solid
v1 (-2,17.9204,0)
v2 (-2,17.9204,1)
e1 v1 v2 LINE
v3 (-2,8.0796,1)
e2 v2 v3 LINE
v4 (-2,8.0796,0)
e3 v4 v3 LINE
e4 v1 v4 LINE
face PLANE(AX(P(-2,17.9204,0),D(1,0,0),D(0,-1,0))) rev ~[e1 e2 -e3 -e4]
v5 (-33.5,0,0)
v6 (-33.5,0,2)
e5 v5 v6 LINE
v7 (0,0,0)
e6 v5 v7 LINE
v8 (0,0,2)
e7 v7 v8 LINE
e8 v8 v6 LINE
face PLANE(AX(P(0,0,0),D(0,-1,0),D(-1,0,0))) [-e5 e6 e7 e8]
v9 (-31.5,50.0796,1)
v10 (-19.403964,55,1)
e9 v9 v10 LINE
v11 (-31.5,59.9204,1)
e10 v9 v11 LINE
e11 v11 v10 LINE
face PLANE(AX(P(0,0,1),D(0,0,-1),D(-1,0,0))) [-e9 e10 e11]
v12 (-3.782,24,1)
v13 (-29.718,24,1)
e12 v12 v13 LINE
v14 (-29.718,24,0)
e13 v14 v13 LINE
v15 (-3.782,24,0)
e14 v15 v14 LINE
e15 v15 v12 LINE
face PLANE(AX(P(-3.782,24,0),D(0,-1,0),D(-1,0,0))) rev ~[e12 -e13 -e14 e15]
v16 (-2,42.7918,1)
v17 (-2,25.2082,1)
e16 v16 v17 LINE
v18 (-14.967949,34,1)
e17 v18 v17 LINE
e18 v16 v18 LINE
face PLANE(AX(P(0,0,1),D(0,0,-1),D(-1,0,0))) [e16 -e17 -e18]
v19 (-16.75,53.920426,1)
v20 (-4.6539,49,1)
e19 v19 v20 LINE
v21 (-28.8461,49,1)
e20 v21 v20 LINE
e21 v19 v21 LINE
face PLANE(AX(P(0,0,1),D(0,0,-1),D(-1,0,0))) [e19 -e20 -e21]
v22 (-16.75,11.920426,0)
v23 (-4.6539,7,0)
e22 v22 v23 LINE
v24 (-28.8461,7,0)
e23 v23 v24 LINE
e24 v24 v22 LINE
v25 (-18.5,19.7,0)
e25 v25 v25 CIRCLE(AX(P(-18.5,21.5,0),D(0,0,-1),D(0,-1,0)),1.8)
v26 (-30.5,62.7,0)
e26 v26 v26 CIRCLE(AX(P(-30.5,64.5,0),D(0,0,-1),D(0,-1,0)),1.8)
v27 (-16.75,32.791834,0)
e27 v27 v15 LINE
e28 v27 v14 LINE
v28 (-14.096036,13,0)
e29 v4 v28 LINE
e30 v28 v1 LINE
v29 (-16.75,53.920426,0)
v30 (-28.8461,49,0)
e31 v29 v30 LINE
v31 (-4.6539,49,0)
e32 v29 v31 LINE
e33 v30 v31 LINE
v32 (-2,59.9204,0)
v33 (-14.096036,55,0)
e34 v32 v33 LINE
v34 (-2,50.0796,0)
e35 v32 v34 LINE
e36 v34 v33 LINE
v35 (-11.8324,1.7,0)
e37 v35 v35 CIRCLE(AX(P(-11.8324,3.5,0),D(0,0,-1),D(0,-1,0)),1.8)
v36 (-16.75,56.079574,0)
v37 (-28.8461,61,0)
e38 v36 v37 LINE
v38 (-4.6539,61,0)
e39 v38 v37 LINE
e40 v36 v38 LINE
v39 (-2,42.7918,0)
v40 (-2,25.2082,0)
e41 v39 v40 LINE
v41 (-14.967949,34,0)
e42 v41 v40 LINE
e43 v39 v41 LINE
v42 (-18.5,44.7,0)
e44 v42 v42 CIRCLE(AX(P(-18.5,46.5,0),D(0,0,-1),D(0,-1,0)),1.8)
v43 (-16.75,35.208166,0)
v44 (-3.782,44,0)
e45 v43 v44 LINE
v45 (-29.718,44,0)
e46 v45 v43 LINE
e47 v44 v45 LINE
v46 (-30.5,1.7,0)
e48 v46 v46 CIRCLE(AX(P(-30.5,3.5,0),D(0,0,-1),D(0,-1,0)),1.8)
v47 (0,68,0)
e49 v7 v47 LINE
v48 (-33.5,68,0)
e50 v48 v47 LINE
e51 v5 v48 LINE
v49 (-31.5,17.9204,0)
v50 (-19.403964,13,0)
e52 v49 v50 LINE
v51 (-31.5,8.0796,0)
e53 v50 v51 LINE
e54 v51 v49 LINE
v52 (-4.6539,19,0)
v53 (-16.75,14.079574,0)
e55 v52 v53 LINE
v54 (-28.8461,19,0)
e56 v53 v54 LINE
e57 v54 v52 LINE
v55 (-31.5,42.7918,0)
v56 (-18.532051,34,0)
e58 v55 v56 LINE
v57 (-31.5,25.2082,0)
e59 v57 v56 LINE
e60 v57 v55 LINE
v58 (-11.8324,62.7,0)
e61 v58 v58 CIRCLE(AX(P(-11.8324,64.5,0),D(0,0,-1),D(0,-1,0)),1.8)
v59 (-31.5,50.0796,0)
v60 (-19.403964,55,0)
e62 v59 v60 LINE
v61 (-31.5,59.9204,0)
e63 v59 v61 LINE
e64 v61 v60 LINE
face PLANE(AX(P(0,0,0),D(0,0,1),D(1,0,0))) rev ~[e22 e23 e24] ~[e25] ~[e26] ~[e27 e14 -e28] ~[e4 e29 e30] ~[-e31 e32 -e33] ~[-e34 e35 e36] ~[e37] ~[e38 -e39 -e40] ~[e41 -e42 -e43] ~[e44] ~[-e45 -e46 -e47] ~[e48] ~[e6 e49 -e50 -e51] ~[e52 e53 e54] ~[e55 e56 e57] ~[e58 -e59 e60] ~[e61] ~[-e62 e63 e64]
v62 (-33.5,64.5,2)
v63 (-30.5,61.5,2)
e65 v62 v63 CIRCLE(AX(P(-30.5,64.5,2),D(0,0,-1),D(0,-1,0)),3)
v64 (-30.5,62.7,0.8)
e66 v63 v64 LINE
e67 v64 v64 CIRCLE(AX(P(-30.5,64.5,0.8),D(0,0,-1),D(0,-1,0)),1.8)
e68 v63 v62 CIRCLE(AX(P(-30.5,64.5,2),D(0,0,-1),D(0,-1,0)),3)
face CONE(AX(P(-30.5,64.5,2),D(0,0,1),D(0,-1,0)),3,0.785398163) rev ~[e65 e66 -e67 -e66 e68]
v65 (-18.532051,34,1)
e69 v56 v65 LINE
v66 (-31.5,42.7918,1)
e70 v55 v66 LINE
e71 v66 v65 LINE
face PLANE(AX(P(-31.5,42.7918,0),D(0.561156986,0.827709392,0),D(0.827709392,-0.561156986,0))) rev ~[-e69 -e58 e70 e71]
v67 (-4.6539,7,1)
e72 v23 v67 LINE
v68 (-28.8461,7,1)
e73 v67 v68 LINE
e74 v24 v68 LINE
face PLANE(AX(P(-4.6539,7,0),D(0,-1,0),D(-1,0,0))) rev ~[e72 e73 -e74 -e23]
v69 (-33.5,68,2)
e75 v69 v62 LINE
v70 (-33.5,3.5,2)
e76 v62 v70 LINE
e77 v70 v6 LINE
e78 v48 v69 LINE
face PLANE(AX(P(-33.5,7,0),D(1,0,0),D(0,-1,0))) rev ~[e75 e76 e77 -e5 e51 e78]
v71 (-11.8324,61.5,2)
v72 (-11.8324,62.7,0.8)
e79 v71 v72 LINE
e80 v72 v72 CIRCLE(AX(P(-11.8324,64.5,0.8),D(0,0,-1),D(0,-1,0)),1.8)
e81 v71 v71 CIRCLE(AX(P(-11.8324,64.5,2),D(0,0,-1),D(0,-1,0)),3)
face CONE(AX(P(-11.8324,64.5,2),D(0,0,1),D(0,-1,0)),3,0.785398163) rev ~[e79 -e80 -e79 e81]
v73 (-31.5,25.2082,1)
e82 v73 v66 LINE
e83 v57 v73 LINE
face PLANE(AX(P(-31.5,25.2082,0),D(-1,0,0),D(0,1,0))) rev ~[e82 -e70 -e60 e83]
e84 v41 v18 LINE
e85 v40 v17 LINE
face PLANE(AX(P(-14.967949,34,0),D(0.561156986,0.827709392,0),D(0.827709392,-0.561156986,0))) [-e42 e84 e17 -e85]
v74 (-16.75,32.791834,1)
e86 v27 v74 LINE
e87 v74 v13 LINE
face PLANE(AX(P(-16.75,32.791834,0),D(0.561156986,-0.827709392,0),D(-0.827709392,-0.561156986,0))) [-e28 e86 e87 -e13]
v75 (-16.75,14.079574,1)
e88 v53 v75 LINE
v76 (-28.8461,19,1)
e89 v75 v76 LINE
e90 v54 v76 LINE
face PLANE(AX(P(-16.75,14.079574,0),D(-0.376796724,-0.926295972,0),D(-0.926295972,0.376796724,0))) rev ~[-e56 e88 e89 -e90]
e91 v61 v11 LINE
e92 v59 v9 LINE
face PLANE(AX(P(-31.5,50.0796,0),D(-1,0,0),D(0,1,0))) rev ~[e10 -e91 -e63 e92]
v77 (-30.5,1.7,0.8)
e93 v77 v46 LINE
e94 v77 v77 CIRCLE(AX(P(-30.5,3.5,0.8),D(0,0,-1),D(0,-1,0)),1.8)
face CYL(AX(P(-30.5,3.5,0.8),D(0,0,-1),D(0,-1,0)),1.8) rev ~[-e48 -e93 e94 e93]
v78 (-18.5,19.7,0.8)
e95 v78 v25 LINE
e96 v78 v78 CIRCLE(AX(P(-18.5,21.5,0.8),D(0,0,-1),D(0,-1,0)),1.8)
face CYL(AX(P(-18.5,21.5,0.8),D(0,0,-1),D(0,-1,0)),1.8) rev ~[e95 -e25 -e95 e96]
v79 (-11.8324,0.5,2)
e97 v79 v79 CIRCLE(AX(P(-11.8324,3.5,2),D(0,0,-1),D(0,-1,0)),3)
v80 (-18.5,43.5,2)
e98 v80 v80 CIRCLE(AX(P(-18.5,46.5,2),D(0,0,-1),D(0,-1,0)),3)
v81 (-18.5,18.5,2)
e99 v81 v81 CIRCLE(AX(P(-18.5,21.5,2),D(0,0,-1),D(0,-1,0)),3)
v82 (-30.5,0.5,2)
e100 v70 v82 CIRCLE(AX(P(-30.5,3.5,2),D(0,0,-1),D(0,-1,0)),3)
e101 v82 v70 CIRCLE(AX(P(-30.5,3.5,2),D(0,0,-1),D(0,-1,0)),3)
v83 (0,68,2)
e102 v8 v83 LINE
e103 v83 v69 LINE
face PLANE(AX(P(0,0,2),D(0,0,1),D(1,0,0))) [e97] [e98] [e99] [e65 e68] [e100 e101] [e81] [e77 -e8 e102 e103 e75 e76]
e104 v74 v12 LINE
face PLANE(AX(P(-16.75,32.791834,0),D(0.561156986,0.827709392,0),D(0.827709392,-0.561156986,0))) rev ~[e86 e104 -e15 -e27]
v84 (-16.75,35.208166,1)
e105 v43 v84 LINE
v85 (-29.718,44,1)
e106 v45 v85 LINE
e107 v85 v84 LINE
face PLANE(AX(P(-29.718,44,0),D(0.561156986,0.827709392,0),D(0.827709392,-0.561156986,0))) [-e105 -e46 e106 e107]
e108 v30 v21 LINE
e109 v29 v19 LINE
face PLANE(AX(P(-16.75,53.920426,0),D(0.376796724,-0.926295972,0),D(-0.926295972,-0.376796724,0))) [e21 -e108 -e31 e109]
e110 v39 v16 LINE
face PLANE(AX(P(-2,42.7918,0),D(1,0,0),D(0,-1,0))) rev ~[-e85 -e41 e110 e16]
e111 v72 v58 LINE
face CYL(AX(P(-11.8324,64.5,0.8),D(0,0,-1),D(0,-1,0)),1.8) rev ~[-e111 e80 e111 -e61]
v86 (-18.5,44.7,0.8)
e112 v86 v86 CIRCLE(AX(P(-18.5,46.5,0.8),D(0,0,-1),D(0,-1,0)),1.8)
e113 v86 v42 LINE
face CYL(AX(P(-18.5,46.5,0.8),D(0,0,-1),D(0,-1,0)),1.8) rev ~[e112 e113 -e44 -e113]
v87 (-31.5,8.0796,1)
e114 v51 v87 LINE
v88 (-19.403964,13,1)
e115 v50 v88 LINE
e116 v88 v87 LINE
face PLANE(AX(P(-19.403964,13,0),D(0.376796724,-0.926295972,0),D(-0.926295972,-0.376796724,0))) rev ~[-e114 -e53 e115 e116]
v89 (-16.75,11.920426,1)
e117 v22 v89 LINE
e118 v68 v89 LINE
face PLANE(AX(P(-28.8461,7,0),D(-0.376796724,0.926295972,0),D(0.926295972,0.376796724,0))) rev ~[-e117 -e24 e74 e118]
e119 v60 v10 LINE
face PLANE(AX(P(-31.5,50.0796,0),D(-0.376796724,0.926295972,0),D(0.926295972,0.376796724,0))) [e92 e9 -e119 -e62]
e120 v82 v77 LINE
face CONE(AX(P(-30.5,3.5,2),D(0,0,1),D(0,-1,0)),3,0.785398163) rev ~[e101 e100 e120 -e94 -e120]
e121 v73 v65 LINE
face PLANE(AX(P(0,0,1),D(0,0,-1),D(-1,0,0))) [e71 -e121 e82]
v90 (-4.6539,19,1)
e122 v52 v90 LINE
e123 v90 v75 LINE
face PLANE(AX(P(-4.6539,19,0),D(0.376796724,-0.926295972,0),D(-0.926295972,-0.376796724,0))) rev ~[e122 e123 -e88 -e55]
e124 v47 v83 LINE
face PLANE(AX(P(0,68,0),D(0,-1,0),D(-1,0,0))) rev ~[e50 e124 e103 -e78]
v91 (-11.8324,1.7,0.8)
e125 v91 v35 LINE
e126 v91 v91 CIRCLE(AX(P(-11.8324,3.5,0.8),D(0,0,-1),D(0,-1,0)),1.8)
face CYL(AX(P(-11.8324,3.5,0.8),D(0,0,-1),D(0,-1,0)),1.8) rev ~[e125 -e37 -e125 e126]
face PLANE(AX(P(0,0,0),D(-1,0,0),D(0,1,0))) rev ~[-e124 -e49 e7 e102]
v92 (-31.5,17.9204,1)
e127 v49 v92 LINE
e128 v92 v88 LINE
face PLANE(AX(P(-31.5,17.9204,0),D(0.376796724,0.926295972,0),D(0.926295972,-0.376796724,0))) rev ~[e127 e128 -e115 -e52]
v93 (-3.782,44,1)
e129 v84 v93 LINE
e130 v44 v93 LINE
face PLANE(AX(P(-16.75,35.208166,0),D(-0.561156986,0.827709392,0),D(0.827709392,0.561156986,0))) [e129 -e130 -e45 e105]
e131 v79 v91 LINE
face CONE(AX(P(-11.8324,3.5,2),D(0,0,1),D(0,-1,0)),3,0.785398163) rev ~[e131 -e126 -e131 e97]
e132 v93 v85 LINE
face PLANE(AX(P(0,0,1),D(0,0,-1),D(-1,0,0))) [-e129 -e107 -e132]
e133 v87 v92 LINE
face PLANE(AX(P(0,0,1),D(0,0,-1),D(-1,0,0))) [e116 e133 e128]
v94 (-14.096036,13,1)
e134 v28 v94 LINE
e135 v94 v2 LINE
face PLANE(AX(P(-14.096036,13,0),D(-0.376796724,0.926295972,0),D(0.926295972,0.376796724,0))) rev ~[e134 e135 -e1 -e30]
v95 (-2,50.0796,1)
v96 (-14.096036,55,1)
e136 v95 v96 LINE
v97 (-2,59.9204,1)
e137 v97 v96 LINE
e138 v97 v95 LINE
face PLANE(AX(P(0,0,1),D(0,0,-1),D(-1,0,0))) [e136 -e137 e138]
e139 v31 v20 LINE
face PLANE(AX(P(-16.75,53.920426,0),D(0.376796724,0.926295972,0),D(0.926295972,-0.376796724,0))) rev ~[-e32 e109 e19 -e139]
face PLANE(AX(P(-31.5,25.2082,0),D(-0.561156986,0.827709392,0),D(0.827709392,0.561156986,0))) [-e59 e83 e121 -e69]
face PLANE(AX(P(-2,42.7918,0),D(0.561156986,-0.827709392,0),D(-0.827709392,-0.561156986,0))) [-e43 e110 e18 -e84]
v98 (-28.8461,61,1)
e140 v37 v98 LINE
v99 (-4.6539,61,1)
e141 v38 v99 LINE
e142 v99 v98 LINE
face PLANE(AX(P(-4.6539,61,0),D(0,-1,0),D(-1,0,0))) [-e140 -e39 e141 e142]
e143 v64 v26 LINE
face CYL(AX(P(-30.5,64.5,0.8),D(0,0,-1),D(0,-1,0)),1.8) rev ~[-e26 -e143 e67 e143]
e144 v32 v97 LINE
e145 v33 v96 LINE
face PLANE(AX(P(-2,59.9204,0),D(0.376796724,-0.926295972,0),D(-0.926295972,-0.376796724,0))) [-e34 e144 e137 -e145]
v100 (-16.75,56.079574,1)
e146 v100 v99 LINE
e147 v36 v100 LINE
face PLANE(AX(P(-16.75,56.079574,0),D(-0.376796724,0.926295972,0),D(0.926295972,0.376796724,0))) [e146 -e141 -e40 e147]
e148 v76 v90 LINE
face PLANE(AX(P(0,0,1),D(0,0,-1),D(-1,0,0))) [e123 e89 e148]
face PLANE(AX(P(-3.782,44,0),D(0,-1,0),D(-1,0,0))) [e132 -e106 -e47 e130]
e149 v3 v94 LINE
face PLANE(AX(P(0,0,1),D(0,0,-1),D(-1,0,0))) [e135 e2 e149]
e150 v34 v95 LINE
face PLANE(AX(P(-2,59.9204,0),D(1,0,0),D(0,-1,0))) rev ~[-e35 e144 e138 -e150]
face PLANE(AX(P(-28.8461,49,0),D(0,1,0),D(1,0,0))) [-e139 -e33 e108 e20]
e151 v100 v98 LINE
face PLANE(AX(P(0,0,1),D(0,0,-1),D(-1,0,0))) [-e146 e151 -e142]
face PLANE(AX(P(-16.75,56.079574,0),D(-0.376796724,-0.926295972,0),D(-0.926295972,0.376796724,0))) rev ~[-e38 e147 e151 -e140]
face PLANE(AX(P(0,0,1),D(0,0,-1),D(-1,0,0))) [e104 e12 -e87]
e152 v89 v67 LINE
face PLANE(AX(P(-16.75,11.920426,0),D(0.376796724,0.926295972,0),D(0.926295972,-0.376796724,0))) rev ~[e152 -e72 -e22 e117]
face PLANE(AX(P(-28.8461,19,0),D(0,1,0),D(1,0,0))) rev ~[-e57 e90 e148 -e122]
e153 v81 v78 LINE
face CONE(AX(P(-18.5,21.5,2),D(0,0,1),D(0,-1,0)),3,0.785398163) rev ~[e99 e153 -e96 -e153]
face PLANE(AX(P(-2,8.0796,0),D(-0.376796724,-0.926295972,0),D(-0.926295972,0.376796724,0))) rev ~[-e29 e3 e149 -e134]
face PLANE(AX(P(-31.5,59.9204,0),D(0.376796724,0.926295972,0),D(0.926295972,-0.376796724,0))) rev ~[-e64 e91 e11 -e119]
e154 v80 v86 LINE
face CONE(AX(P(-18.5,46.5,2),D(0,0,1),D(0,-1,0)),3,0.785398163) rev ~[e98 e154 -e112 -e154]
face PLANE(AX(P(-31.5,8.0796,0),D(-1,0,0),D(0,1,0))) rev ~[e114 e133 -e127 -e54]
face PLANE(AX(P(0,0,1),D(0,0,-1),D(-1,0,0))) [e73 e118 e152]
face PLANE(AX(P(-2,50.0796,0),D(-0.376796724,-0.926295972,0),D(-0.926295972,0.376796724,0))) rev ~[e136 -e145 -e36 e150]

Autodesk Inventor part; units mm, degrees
ref_plane "YZ Plane" through (0, 0, 0) normal (1, 0, 0) x (0, 1, 0)
ref_plane "XZ Plane" through (0, 0, 0) normal (0, 1, 0) x (-1, 0, 0)
ref_plane "Work Plane1" through (0, 0, 0) normal (0, 0, 1) x (1, 0, 0)
sketch "Sketch1" plane through (0, 0, 0) normal (0, 0, 1) x (1, 0, 0)
  line L0 (0, 0) -> (0, 68) projected
  line L1 (-3.5, 0) -> (-3.5, 68) projected
  line L2 (0, 0) -> (-3.5, 0) projected
  line L3 (-3.5, 7) -> (-3.5, 0) projected
  line L4 (-3.5, 7) -> (-33.5, 7) projected
  line L5 (-33.5, 7) -> (-33.5, 0) projected
  line L6 (-6.5, 0) -> (-33.5, 0) projected
  line L7 (-3.5, 0) -> (-6.5, 0) projected
  line L8 (-33.5, 19) -> (-33.5, 24) projected
  line L9 (-33.5, 19) -> (-3.5, 19) projected
  line L10 (-3.5, 19) -> (-3.5, 24) projected
  line L11 (-3.5, 24) -> (-33.5, 24) projected
  line L12 (-33.5, 49) -> (-33.5, 44) projected
  line L13 (-3.5, 44) -> (-33.5, 44) projected
  line L14 (-3.5, 49) -> (-3.5, 44) projected
  line L15 (-33.5, 49) -> (-3.5, 49) projected
  line L16 (-3.5, 61) -> (-3.5, 68) projected
  line L17 (-3.5, 68) -> (-6.5, 68) projected
  line L18 (-6.5, 68) -> (-33.5, 68) projected
  line L19 (-33.5, 61) -> (-33.5, 68) projected
  line L20 (-3.5, 61) -> (-33.5, 61) projected
  line L21 (-34.5, 123) -> (10.5, 123) projected
  line L22 (10.5, -55) -> (-34.5, -55) projected
  line L23 (-33.5, 123) -> (-33.5, -55.3182)
  circle A0 centre (-30.5, 64.5) radius 2.3 projected
  circle A1 centre (-11.8324, 64.5) radius 2.3 projected
  circle A2 centre (-18.5, 21.5) radius 2.3 projected
  circle A3 centre (-18.5, 46.5) radius 2.3 projected
  line L24 (0, -55) -> (0, 123)
  line L25 (0, 68) -> (-3.5, 68) projected
  point P0 (-33.5, -55)
  dimension "d10" = 0
  dimension "d41" = 0
extrude "Extrusion1" add sketch "Sketch1" along normal blind 2 contours L2 L1 L25 L0 | L7 L6 L5 L4 L1 | L1 L20 L19 L18 L17 | L4 L23 L9 L1 | L1 L15 L23 L20 | L9 L8 L11 L1 | L1 L13 L12 L15 | L11 L23 L13 L1 | A0 | A1 | A2 | A3
sketch "Sketch2" plane through (0, 0, 2) normal (0, 0, 1) x (1, 0, 0)
  circle A0 centre (-30.5, 3.5) radius 2.3 projected
  circle A1 centre (-11.8324, 3.5) radius 2.3 projected
  line L0 (-3.5, 7) -> (-3.5, 0) projected
  line L1 (-3.5, 7) -> (-33.5, 7) projected
  line L2 (-33.5, 7) -> (-33.5, 0) projected
  line L3 (-6.5, 0) -> (-33.5, 0) projected
  line L4 (-3.5, 0) -> (-6.5, 0) projected
  circle A2 centre (-18.5, 46.5) radius 2.3 projected
  line L5 (-33.5, 49) -> (-33.5, 44) projected
  line L6 (-3.5, 44) -> (-33.5, 44) projected
  line L7 (-3.5, 49) -> (-3.5, 44) projected
  line L8 (-33.5, 49) -> (-3.5, 49) projected
  circle A3 centre (-18.5, 21.5) radius 2.3 projected
  line L9 (-33.5, 19) -> (-33.5, 24) projected
  line L10 (-33.5, 19) -> (-3.5, 19) projected
  line L11 (-3.5, 19) -> (-3.5, 24) projected
  line L12 (-3.5, 24) -> (-33.5, 24) projected
  circle A4 centre (-30.5, 64.5) radius 2.3 projected
  circle A5 centre (-11.8324, 64.5) radius 2.3 projected
  line L13 (-3.5, 61) -> (-3.5, 68) projected
  line L14 (-3.5, 68) -> (-6.5, 68) projected
  line L15 (-6.5, 68) -> (-33.5, 68) projected
  line L16 (-33.5, 61) -> (-33.5, 68) projected
  line L17 (-3.5, 61) -> (-33.5, 61) projected
  point P0 (0, 0)
hole "Hole1" at (-30.5, 3.5, 2) at (-11.8324, 3.5, 2) at (-18.5, 21.5, 2) at (-18.5, 46.5, 2) at (-30.5, 64.5, 2) at (-11.8324, 64.5, 2) direction (0, 0, -1) diameter 3.6 end through all countersink diameter 6 countersink angle 90 clearance for "Countersunk Flat Head Screw ISO 2009/7046" size "M3" standard "ISO"
sketch "Sketch3" plane through (0, 0, 0) normal (0, 0, -1) x (-1, 0, 0)
  circle A0 centre (30.5, 3.5) radius 2.3 projected
  circle A1 centre (11.8324, 3.5) radius 2.3 projected
  line L0 (3.5, 7) -> (3.5, 0) projected
  line L1 (3.5, 7) -> (33.5, 7) projected
  line L2 (33.5, 7) -> (33.5, 0) projected
  line L3 (6.5, 0) -> (33.5, 0) projected
  line L4 (3.5, 0) -> (6.5, 0) projected
  circle A2 centre (18.5, 21.5) radius 2.3 projected
  line L5 (33.5, 19) -> (33.5, 24) projected
  line L6 (33.5, 19) -> (3.5, 19) projected
  line L7 (3.5, 19) -> (3.5, 24) projected
  line L8 (3.5, 24) -> (33.5, 24) projected
  circle A3 centre (18.5, 46.5) radius 2.3 projected
  line L9 (33.5, 49) -> (33.5, 44) projected
  line L10 (3.5, 44) -> (33.5, 44) projected
  line L11 (3.5, 49) -> (3.5, 44) projected
  line L12 (33.5, 49) -> (3.5, 49) projected
  circle A4 centre (30.5, 64.5) radius 2.3 projected
  circle A5 centre (11.8324, 64.5) radius 2.3 projected
  line L13 (3.5, 61) -> (3.5, 68) projected
  line L14 (3.5, 68) -> (6.5, 68) projected
  line L15 (6.5, 68) -> (33.5, 68) projected
  line L16 (33.5, 61) -> (33.5, 68) projected
  line L17 (3.5, 61) -> (33.5, 61) projected
  line L18 (33.5, 123) -> (33.5, -55)
  line L19 (33.5, 68) -> (0, 68)
  line L20 (0, 68) -> (0, 0)
  line L21 (0, 0) -> (33.5, 0)
  line L22 (33.5, 0) -> (33.5, 68)
  line L23 (31.5, 68) -> (2, 68)
  line L24 (2, 68) -> (2, 121)
  line L25 (2, 121) -> (31.5, 121)
  line L26 (31.5, 121) -> (31.5, 68)
  line L27 (31.5, 0) -> (2, 0)
  line L28 (2, 0) -> (2, -53)
  line L29 (2, -53) -> (31.5, -53)
  line L30 (31.5, -53) -> (31.5, 0)
  line L31 (0, 123) -> (33.5, 123) projected
  line L32 (0, -55) -> (0, 123)
  line L33 (33.5, -55) -> (0, -55) projected
  line L34 (2, 68) -> (31.5, 121) construction
  line L35 (31.5, 68) -> (2, 121) construction
  line L36 (31.5, 0) -> (2, -53) construction
  line L37 (31.5, -53) -> (2, 0) construction
  line L38 (3.1445, 121) -> (31.5, 70.0562)
  line L39 (2, 118.9438) -> (30.3555, 68)
  line L40 (3.1445, 68) -> (31.5, 118.9438)
  line L41 (30.3555, 121) -> (2, 70.0562)
  line L42 (3.1445, 0) -> (31.5, -50.9438)
  line L43 (30.3555, -53) -> (2, -2.0562)
  line L44 (2, -50.9438) -> (30.3555, 0)
  line L45 (31.5, -2.0562) -> (3.1445, -53)
  line L46 (31.5, 61) -> (2, 61)
  line L47 (2, 61) -> (2, 49)
  line L48 (2, 49) -> (31.5, 49)
  line L49 (31.5, 49) -> (31.5, 61)
  line L50 (31.5, 44) -> (2, 44)
  line L51 (2, 44) -> (2, 24)
  line L52 (2, 24) -> (31.5, 24)
  line L53 (31.5, 24) -> (31.5, 44)
  line L54 (31.5, 19) -> (2, 19)
  line L55 (2, 19) -> (2, 7)
  line L56 (2, 7) -> (31.5, 7)
  line L57 (31.5, 7) -> (31.5, 19)
  line L58 (31.5, 61) -> (2, 49) construction
  line L59 (31.5, 49) -> (2, 61) construction
  line L60 (2, 44) -> (31.5, 24) construction
  line L61 (31.5, 44) -> (2, 24) construction
  line L62 (2, 19) -> (31.5, 7) construction
  line L63 (31.5, 19) -> (2, 7) construction
  line L64 (2, 50.0796) -> (28.8461, 61)
  line L65 (31.5, 59.9204) -> (4.6539, 49)
  line L66 (31.5, 50.0796) -> (4.6539, 61)
  line L67 (2, 59.9204) -> (28.8461, 49)
  line L68 (29.718, 44) -> (2, 25.2082)
  line L69 (31.5, 42.7918) -> (3.782, 24)
  line L70 (2, 42.7918) -> (29.718, 24)
  line L71 (31.5, 25.2082) -> (3.782, 44)
  line L72 (31.5, 17.9204) -> (4.6539, 7)
  line L73 (2, 8.0796) -> (28.8461, 19)
  line L74 (4.6539, 19) -> (31.5, 8.0796)
  line L75 (28.8461, 7) -> (2, 17.9204)
  line L76 (33.5, 68) -> (33.5, 0) projected
  line L77 (33.5, 3.5) -> (33.5, 0) projected
  line L78 (33.5, 64.5) -> (33.5, 3.5) projected
  line L79 (33.5, 68) -> (33.5, 64.5) projected
  point P0 (16.75, -24.4438)
  point P1 (30.3555, 0)
  point P2 (3.1445, 0)
  point P3 (17.8945, -26.5)
  point P4 (16.75, -28.5562)
  point P5 (15.6055, -26.5)
  point P6 (16.75, 92.4438)
  point P7 (30.3555, 68)
  point P8 (15.6055, 94.5)
  point P9 (17.8945, 94.5)
  point P10 (16.75, 96.5562)
  point P11 (19.4039, 13)
  point P12 (28.8461, 7)
  point P13 (16.75, 11.9204)
  point P14 (4.6539, 7)
  point P15 (14.0961, 13)
  point P16 (16.75, 14.0796)
  point P17 (28.8461, 19)
  point P18 (29.718, 24)
  point P19 (16.75, 32.7918)
  point P20 (3.782, 24)
  point P21 (18.532, 34)
  point P22 (14.968, 34)
  point P23 (3.782, 44)
  point P24 (16.75, 35.2082)
  point P25 (14.0961, 55)
  point P26 (4.6539, 49)
  point P27 (16.75, 56.0796)
  point P28 (28.8461, 61)
  point P29 (19.4039, 55)
  point P30 (16.75, 53.9204)
  dimension "d11" = 2
  dimension "d12" = 2
  dimension "d13" = 2
  dimension "d14" = 2
  dimension "d15" = 2
  dimension "d16" = 2
  dimension "d17" = 1
  dimension "d18" = 1
  dimension "d19" = 1
  dimension "d20" = 1
  dimension "d21" = 1
  dimension "d22" = 1
  dimension "d23" = 1
  dimension "d24" = 1
  dimension "d27" = 2
  dimension "d28" = 2
  dimension "d29" = 1
  dimension "d30" = 1
  dimension "d31" = 1
  dimension "d32" = 1
  dimension "d33" = 1
  dimension "d34" = 1
  dimension "d35" = 1
  dimension "d36" = 1
  dimension "d37" = 1
  dimension "d38" = 1
  dimension "d39" = 1
  dimension "d40" = 1
  dimension "d42" = 0
extrude "Extrusion2" cut sketch "Sketch3" against normal blind 1 contours L4 L3 L44 L42 L21 | L72 L75 L1 | L55 L75 L73 | L72 L57 L74 | L43 L44 L28 | L45 L30 L42 | L74 L6 L73 | L43 L29 L45 | L40 L39 L15 L14 L19 | L24 L39 L41 | L69 L70 L8 | L71 L69 L53 | L51 L70 L68 | L40 L26 L38 | L38 L25 L41 | L68 L71 L10 | L17 L64 L66 | L12 L65 L67 | L66 L65 L49 | L67 L64 L47
properties part number "back" material "ABS Plastic"
